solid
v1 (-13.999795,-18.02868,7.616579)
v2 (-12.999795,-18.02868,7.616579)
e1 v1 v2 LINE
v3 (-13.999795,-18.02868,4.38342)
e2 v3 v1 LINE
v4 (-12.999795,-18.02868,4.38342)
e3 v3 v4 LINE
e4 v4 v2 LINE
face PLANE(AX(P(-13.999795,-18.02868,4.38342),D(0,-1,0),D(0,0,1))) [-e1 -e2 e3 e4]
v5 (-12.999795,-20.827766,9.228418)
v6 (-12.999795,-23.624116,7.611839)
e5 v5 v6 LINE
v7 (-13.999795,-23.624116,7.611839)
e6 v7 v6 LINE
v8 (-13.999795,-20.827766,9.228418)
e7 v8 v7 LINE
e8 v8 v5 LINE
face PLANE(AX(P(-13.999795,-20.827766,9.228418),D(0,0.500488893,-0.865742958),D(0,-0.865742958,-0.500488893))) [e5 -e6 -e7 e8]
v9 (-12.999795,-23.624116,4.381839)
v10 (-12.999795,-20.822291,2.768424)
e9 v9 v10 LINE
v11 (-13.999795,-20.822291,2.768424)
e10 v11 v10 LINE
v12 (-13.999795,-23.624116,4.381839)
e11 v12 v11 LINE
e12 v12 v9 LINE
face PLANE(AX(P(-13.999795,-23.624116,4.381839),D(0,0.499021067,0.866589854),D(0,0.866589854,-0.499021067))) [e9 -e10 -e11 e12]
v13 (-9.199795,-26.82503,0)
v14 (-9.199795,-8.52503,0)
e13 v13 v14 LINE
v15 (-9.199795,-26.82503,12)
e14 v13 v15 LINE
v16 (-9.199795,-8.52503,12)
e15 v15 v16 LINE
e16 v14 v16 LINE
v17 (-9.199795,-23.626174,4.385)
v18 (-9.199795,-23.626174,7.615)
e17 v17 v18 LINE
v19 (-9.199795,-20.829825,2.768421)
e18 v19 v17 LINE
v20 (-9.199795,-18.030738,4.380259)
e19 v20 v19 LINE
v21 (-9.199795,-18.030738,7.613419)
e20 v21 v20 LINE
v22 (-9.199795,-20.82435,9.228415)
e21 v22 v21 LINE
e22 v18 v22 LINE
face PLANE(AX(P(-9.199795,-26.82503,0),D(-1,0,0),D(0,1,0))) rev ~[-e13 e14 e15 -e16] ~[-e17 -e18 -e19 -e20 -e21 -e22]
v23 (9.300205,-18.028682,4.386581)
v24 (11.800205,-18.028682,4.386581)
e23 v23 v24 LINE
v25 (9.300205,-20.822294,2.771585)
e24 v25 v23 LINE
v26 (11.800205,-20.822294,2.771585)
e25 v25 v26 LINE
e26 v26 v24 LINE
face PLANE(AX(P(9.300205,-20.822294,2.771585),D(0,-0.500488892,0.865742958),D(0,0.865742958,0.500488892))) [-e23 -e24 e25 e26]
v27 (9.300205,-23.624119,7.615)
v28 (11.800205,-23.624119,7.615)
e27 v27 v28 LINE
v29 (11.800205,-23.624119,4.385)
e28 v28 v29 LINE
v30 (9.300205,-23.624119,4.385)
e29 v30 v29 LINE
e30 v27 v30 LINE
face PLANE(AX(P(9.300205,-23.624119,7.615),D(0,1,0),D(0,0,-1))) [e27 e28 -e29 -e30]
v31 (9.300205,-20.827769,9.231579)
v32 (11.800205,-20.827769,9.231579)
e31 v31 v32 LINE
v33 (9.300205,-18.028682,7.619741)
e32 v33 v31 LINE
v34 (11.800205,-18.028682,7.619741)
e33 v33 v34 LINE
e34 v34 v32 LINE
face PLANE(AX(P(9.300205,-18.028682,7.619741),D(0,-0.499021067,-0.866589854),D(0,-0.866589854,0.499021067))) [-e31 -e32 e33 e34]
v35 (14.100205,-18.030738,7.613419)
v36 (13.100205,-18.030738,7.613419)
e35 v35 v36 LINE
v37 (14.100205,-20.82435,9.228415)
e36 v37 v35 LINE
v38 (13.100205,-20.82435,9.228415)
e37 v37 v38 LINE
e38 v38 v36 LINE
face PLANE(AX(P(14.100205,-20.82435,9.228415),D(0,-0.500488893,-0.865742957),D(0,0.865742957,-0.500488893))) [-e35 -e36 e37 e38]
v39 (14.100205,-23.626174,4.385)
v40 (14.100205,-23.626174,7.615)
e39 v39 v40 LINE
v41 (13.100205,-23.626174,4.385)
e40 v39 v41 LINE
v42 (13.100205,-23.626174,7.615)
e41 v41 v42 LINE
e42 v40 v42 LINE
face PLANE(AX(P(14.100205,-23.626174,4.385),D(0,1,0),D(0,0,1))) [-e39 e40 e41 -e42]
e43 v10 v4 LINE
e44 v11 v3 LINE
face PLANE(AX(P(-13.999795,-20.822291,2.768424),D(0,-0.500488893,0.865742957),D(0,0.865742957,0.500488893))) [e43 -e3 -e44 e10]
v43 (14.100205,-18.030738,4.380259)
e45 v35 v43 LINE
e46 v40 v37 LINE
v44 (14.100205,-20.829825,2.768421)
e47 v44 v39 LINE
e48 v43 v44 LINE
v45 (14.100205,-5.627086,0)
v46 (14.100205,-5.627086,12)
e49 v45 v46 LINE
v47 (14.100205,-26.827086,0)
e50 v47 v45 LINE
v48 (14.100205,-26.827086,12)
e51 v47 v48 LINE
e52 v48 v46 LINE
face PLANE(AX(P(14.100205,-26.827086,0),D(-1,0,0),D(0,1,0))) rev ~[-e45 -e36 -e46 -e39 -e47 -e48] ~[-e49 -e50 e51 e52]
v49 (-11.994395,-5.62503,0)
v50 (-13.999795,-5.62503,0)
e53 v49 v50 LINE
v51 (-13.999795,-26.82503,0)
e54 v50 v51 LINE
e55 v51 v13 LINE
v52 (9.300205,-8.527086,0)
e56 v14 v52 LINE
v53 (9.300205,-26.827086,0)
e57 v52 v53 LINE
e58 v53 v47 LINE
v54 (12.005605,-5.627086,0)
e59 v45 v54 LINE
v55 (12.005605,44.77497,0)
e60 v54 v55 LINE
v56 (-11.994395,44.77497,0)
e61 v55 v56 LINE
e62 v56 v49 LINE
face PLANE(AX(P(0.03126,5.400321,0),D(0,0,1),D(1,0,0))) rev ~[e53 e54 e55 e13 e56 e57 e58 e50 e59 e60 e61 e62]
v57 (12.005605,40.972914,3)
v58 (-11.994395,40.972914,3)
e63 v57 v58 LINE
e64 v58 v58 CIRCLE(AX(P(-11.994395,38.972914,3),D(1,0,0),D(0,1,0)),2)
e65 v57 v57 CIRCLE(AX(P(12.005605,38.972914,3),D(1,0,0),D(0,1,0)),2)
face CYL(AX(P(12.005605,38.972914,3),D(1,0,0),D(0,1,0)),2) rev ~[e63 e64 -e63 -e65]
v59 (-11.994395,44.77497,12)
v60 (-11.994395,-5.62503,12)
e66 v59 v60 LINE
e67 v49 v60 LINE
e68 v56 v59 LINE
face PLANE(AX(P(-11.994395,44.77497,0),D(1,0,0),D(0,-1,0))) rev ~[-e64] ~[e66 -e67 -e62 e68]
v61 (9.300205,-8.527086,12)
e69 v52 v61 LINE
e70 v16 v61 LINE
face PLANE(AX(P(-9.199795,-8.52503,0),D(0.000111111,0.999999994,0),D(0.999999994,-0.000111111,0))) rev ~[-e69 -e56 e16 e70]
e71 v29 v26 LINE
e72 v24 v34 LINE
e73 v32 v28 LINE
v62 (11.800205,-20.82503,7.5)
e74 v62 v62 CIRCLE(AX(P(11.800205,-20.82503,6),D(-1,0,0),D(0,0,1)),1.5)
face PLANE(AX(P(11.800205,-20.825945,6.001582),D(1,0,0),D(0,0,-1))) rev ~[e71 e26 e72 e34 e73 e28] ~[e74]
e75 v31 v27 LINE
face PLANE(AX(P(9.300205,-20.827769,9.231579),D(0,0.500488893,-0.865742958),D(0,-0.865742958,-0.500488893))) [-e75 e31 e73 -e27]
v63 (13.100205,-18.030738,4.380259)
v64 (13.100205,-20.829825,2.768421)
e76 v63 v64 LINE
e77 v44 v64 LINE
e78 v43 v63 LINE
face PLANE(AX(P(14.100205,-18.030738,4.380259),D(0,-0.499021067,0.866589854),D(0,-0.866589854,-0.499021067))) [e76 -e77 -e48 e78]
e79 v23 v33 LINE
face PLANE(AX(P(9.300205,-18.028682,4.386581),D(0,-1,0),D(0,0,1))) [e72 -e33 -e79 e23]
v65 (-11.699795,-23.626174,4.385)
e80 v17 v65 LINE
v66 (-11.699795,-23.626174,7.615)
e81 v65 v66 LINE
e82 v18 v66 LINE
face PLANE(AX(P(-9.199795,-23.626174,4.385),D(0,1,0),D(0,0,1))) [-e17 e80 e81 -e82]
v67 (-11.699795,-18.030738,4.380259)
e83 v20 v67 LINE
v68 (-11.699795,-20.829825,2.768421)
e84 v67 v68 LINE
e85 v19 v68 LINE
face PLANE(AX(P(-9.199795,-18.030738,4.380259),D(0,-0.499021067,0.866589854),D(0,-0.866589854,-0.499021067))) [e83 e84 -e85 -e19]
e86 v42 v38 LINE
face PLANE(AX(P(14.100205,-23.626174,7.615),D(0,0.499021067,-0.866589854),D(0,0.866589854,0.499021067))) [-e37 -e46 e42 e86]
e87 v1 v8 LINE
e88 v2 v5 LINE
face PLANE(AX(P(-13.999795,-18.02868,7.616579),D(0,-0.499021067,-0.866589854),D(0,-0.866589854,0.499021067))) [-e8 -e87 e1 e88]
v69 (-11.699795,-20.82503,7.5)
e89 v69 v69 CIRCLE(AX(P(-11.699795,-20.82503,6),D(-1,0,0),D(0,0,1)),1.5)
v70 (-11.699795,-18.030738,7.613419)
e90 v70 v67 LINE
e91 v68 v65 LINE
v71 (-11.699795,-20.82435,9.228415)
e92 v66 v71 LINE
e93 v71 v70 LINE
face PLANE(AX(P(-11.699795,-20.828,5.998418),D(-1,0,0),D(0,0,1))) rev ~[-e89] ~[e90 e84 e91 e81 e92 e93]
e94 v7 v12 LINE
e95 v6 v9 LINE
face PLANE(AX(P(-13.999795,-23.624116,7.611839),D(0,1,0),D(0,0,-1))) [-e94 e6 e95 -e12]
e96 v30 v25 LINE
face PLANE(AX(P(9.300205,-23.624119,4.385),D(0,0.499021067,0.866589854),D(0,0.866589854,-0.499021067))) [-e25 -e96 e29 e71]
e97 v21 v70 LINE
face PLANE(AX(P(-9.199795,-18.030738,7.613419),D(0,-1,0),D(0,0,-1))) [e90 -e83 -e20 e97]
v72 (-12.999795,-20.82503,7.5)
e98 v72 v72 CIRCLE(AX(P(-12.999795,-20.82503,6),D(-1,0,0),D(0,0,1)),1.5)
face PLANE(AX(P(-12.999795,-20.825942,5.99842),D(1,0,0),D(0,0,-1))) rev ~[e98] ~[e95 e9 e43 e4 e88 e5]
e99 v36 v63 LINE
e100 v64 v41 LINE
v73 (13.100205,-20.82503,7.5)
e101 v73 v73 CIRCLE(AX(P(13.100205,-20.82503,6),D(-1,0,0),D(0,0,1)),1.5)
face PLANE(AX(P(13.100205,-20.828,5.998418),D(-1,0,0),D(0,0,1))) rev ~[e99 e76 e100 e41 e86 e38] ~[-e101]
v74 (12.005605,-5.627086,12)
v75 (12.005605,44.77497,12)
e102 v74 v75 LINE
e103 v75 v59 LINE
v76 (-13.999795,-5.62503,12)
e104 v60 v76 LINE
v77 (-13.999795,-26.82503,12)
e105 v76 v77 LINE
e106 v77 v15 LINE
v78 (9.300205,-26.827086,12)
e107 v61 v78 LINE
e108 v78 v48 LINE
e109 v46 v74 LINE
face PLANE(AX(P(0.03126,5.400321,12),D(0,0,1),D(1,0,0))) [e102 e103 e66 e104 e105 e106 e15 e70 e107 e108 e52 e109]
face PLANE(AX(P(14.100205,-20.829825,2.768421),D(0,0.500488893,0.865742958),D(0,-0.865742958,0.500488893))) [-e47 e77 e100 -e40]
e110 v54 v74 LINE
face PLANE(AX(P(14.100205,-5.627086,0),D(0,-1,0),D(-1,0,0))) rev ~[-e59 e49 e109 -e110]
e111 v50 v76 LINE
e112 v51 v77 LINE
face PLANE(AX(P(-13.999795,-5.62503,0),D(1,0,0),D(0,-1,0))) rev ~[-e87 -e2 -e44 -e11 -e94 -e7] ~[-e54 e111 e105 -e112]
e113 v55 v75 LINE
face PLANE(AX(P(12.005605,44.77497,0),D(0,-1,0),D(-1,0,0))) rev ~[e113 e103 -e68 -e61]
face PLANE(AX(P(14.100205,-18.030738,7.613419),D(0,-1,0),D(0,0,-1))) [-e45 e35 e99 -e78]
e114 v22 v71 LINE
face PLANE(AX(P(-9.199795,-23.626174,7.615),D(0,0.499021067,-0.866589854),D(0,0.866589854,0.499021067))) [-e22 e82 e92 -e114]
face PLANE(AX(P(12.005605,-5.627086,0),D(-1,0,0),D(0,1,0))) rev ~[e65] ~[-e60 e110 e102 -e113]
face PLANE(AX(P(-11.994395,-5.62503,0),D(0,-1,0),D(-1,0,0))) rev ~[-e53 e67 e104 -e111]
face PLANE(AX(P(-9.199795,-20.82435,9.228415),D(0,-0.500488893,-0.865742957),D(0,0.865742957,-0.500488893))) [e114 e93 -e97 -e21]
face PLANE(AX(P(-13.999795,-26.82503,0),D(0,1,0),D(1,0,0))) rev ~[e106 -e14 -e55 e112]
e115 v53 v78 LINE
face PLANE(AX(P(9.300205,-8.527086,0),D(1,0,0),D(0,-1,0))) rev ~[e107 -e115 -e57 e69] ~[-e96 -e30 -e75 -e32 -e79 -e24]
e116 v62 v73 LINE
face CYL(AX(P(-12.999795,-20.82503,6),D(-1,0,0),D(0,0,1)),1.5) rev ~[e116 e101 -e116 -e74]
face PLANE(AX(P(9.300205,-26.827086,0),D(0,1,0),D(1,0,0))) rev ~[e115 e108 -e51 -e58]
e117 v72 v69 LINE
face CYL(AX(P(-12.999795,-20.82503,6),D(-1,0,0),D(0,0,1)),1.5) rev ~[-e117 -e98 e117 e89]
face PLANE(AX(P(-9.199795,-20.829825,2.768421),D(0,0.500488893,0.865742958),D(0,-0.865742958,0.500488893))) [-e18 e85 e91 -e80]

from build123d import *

# Parameters (mm, degrees)
EXTRUDE_1_DEPTH      = 12
CUT_EXTRUDE_12_DEPTH = 1
CUT_EXTRUDE_13_DEPTH = 1
CUT_EXTRUDE_14_DEPTH = 2.5
CUT_EXTRUDE_16_DEPTH = 2.5
SKETCH_26_R          = 1.5
CUT_EXTRUDE_17_DEPTH = 54.695511127
SKETCH_27_R          = 2
CUT_EXTRUDE_18_DEPTH = 54.151469748


with BuildPart() as part:
    # 스케치1 → 보스-돌출1 (new body)
    with BuildSketch(Plane.XY):
        Polygon((-11.994395335, 44.774969809), (-11.994395335, -5.625030191), (-13.999795062, -5.625030191), (-13.999795062, -26.825030191), (-9.199795062, -26.825030191), (-9.199795062, -8.525030191), (9.300204823, -8.527085749), (9.300204823, -26.827085749), (14.100204823, -26.827085749), (14.100204823, -5.627085749), (12.005604665, -5.627085749), (12.005604665, 44.774969809), align=None)
    extrude(amount=EXTRUDE_1_DEPTH)

    # 스케치20 → 컷-돌출12 (cut)
    with BuildSketch(Plane(origin=(14.100204823, 0, 0), x_dir=(0, 0, -1), z_dir=(1, 0, 0))):
        Polygon((-4.384999641, -23.626174282), (-7.614999641, -23.626174282), (-9.228415158, -20.82434965), (-7.61341897, -18.03073805), (-4.380259285, -18.03073805), (-2.768420518, -20.829824529), align=None)
    extrude(amount=-CUT_EXTRUDE_12_DEPTH, mode=Mode.SUBTRACT)

    # 스케치21 → 컷-돌출13 (cut)
    with BuildSketch(Plane.ZY.offset(13.999795062)):
        Polygon((7.611839128, -23.624116045), (4.381839128, -23.624116045), (2.768423611, -20.822291413), (4.383419799, -18.028679813), (7.616579484, -18.028679813), (9.228418251, -20.827766292), align=None)
    extrude(amount=-CUT_EXTRUDE_13_DEPTH, mode=Mode.SUBTRACT)

    # 스케치22 → 컷-돌출14 (cut)
    with BuildSketch(Plane.ZY.offset(-9.300204823)):
        Polygon((7.615000359, -23.624118724), (4.385000359, -23.624118724), (2.771584842, -20.822294093), (4.38658103, -18.028682492), (7.619740715, -18.028682492), (9.231579482, -20.827768971), align=None)
    extrude(amount=-CUT_EXTRUDE_14_DEPTH, mode=Mode.SUBTRACT)

    # 스케치25 → 컷-돌출16 (cut)
    with BuildSketch(Plane(origin=(-9.199795062, 0, 0), x_dir=(0, 0, -1), z_dir=(1, 0, 0))):
        Polygon((-4.384999641, -23.626174282), (-7.614999641, -23.626174282), (-9.228415158, -20.82434965), (-7.61341897, -18.03073805), (-4.380259285, -18.03073805), (-2.768420518, -20.829824529), align=None)
    extrude(amount=-CUT_EXTRUDE_16_DEPTH, mode=Mode.SUBTRACT)

    # 스케치26 → 컷-돌출17 (cut, through all)
    with BuildSketch(Plane.ZY.offset(12.999795062)):
        with Locations((6, -20.825030191)):
            Circle(SKETCH_26_R)
    extrude(amount=-CUT_EXTRUDE_17_DEPTH, mode=Mode.SUBTRACT)

    # 스케치27 → 컷-돌출18 (cut, through all)
    with BuildSketch(Plane(origin=(12.005604665, 0, 0), x_dir=(0, 0, -1), z_dir=(1, 0, 0))):
        with Locations(Location((-3, 38.972914251, 0), (0, 0, 90))):
            Circle(SKETCH_27_R)
    extrude(amount=-CUT_EXTRUDE_18_DEPTH, mode=Mode.SUBTRACT)


solid = part.part
